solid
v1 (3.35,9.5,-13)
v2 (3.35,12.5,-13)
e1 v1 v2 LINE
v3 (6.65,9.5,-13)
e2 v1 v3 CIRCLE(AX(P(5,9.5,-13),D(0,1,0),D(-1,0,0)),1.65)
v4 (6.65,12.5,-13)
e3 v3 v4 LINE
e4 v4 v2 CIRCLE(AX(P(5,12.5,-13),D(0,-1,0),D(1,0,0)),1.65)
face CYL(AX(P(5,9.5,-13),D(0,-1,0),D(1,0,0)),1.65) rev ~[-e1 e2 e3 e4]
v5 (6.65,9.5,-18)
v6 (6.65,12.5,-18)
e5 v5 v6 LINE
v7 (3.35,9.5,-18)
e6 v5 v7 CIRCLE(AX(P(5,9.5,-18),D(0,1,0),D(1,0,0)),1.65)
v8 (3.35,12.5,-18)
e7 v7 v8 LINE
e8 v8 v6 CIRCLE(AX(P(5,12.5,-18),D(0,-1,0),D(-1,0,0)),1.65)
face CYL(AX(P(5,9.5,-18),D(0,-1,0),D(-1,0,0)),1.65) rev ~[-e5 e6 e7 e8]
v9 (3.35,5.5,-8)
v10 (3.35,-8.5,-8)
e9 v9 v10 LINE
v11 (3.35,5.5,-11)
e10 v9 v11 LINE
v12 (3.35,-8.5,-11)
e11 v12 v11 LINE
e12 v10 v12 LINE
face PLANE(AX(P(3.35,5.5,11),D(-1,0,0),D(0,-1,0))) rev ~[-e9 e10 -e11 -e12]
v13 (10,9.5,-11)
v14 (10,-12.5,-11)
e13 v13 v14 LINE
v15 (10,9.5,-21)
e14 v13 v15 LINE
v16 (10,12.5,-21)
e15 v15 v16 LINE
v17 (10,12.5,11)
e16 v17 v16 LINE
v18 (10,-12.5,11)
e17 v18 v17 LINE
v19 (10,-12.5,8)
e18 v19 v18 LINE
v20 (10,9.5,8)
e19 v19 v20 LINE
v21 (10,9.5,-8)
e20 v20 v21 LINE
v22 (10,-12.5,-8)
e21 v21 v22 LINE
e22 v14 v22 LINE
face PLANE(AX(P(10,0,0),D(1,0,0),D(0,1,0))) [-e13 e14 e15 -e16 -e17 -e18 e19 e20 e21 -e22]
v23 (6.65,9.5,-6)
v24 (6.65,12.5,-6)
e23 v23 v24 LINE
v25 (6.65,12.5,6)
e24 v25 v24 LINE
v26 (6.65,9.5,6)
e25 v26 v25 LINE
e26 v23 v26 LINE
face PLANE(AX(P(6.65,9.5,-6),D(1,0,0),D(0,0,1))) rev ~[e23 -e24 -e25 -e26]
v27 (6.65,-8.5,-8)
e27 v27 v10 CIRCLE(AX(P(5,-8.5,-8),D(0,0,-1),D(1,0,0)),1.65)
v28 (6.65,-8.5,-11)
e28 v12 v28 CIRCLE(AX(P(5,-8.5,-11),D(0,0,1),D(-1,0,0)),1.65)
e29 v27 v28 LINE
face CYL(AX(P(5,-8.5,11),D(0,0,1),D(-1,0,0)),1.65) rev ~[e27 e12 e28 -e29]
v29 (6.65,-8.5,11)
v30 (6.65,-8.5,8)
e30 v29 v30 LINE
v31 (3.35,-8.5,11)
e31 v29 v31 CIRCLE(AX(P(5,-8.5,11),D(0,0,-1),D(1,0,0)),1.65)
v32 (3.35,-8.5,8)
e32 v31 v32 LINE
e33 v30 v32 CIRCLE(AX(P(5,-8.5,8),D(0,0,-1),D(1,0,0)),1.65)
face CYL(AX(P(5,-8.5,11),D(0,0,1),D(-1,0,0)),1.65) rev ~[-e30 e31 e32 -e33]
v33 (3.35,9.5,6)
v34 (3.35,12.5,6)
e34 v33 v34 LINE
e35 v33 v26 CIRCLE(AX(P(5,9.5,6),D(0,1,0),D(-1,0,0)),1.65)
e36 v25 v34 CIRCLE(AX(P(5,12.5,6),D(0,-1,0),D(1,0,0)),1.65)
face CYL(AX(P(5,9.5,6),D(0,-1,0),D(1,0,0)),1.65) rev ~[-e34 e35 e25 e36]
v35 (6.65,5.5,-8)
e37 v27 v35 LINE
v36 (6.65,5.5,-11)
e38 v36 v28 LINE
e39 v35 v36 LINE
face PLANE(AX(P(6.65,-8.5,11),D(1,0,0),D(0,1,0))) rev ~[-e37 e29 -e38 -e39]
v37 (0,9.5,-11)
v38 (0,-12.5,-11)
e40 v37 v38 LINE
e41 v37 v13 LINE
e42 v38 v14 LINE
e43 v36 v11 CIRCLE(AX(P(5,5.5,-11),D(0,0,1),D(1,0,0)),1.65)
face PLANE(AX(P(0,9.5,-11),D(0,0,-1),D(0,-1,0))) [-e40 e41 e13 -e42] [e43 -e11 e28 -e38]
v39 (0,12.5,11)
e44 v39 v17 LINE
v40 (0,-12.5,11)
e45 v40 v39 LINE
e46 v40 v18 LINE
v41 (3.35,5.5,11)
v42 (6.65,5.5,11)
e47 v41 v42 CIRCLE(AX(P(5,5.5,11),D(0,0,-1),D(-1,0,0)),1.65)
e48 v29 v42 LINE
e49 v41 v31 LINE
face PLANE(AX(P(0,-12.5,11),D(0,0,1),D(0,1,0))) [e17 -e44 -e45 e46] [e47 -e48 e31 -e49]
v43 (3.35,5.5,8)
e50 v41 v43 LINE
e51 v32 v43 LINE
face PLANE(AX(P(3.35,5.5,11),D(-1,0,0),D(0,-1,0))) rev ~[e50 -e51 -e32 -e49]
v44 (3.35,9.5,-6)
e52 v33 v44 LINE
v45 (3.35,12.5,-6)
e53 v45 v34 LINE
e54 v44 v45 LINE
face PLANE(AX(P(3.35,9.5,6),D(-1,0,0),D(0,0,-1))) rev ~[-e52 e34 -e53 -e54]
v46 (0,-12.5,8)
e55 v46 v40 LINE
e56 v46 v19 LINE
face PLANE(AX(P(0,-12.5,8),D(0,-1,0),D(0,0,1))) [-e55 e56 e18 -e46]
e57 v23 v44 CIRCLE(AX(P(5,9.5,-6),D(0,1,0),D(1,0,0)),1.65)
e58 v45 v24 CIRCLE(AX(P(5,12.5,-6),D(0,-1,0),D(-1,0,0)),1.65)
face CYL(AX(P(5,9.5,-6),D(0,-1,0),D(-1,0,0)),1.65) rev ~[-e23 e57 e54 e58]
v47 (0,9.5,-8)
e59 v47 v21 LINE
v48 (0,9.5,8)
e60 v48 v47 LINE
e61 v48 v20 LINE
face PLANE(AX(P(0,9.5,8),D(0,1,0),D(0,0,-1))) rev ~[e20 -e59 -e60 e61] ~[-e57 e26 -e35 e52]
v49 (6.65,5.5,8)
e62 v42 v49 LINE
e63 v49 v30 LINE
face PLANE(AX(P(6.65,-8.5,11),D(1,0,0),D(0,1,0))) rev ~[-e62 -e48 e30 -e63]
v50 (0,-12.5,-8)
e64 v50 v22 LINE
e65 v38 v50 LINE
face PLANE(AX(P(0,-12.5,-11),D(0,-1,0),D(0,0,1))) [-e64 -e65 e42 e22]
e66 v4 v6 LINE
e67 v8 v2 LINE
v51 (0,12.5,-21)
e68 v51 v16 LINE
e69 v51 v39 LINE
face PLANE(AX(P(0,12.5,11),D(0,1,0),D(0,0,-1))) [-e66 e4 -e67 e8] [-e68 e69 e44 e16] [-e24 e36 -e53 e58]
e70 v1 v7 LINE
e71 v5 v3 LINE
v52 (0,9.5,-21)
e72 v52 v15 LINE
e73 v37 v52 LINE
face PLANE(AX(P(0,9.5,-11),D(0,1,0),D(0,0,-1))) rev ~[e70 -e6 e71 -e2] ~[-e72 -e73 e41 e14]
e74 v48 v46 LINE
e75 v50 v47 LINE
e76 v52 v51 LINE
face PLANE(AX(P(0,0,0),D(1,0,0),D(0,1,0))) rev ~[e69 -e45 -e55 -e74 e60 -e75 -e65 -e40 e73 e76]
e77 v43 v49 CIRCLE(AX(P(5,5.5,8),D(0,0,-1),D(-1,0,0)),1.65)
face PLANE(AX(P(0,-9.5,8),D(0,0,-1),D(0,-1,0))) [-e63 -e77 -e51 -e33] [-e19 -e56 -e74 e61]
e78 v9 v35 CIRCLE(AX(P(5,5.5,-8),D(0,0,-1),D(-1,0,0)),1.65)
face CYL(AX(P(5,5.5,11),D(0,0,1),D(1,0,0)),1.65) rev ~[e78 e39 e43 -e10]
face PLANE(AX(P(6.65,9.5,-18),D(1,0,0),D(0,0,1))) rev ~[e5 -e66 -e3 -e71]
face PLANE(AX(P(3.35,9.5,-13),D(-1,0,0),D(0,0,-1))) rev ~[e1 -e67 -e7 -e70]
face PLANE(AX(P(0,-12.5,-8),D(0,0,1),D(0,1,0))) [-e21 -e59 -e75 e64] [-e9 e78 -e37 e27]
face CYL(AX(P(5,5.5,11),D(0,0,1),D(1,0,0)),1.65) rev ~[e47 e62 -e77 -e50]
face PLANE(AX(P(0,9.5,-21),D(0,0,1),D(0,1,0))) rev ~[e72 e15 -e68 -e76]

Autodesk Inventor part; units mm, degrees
ref_plane "YZ Plane" through (0, 0, 0) normal (1, 0, 0) x (0, 1, 0)
ref_plane "XZ Plane" through (0, 0, 0) normal (0, 1, 0) x (-1, 0, 0)
ref_plane "XY Plane" through (0, 0, 0) normal (0, 0, 1) x (1, 0, 0)
sketch "Sketch1" plane through (0, 0, 0) normal (1, 0, 0) x (0, 1, 0)
  line L0 (-12.5, 11) -> (12.5, 11)
  line L1 (12.5, 11) -> (12.5, -11)
  line L2 (12.5, -11) -> (-12.5, -11)
  line L3 (-12.5, -11) -> (-12.5, 11)
  line L4 (-12.5, 11) -> (12.5, -11) construction
  line L5 (12.5, 11) -> (-12.5, -11) construction
  line L6 (-9.5, 8) -> (9.5, 8)
  line L7 (9.5, 8) -> (9.5, -8)
  line L8 (9.5, -8) -> (-9.5, -8)
  line L9 (-9.5, -8) -> (-9.5, 8)
  line L10 (-9.5, 8) -> (9.5, -8) construction
  line L11 (9.5, 8) -> (-9.5, -8) construction
  line L12 (-9.5, 8) -> (-12.5, 8)
  line L13 (-12.5, 8) -> (-12.5, -8)
  line L14 (-12.5, -8) -> (-9.5, -8)
  line L15 (-9.5, -8) -> (-9.5, 8)
  line L16 (12.5, -11) -> (9.5, -11)
  line L17 (9.5, -11) -> (9.5, -21)
  line L18 (9.5, -21) -> (12.5, -21)
  line L19 (12.5, -21) -> (12.5, -11)
  point P0 (0, 0)
  point P1 (-12.5, 8)
  point P2 (9.5, -11)
  dimension "d0" = 25
  dimension "d1" = 22
  dimension "d2" = 19
  dimension "d3" = 16
  dimension "d4" = 3
  dimension "d5" = 10
extrude "Extrusion1" add sketch "Sketch1" along normal blind 10 contours L0 L1 L2 L3 L14 L8 L7 L6 L12 | L19 L18 L17 L2
sketch "Sketch2" plane through (0, 9.5, -8) normal (0, -1, 0) x (1, 0, 0)
  line L0 (10, 19) -> (10, 16) projected
  line L1 (0, 0) -> (0, -3) projected
  line L2 (10, 16) -> (0, 16)
  line L3 (0, 16) -> (0, 0)
  line L4 (0, 0) -> (10, 0)
  line L5 (10, 0) -> (10, 16)
  line L6 (5, 16) -> (5, 14)
  line L7 (5, 0) -> (5, 2)
  line L8 (5, 14) -> (5, 2) construction
  line L9 (3.35, 14) -> (3.35, 2)
  line L10 (6.65, 2) -> (6.65, 14)
  arc A0 (6.65, 14) -> (3.35, 14) centre (5, 14) ccw
  arc A1 (3.35, 2) -> (6.65, 2) centre (5, 2) ccw
  line L11 (0, -3) -> (0, -13) projected
  line L12 (10, -13) -> (0, -13)
  line L13 (0, -13) -> (0, -3)
  line L14 (0, -3) -> (10, -3)
  line L15 (10, -3) -> (10, -13)
  line L16 (5, -3) -> (5, -5)
  line L17 (5, -13) -> (5, -10)
  line L18 (5, -5) -> (5, -10) construction
  line L19 (3.35, -5) -> (3.35, -10)
  line L20 (6.65, -10) -> (6.65, -5)
  arc A2 (6.65, -5) -> (3.35, -5) centre (5, -5) ccw
  arc A3 (3.35, -10) -> (6.65, -10) centre (5, -10) ccw
  point P0 (0, 8)
  point P1 (5, 8)
  point P2 (5, -7.5)
  dimension "d8" = 2
  dimension "d9" = 2
  dimension "d10" = 3.3
  dimension "d11" = 2
  dimension "d12" = 3
  dimension "d13" = 3.3
extrude "Extrusion2" cut sketch "Sketch2" against normal through all contours A1 L9 A0 L10 | A2 L20 A3 L19
sketch "Sketch3" plane through (0, -12.5, 11) normal (0, 0, 1) x (1, 0, 0)
  line L0 (0, 0) -> (10, 0) projected
  line L1 (0, 22) -> (10, 22) projected
  line L2 (0, 0) -> (10, 0)
  line L3 (10, 0) -> (10, 22)
  line L4 (10, 22) -> (0, 22)
  line L5 (0, 22) -> (0, 0)
  line L6 (5, 22) -> (5, 18)
  line L7 (5, 0) -> (5, 4)
  line L8 (5, 18) -> (5, 4) construction
  line L9 (3.35, 18) -> (3.35, 4)
  line L10 (6.65, 4) -> (6.65, 18)
  arc A0 (6.65, 18) -> (3.35, 18) centre (5, 18) ccw
  arc A1 (3.35, 4) -> (6.65, 4) centre (5, 4) ccw
  point P0 (0, 12.5)
  point P1 (5, 11)
  dimension "d16" = 4
  dimension "d17" = 4
  dimension "d18" = 3.3
extrude "Extrusion3" cut sketch "Sketch3" against normal through all contours A1 L9 A0 L10
properties part number "BeltMount1"
